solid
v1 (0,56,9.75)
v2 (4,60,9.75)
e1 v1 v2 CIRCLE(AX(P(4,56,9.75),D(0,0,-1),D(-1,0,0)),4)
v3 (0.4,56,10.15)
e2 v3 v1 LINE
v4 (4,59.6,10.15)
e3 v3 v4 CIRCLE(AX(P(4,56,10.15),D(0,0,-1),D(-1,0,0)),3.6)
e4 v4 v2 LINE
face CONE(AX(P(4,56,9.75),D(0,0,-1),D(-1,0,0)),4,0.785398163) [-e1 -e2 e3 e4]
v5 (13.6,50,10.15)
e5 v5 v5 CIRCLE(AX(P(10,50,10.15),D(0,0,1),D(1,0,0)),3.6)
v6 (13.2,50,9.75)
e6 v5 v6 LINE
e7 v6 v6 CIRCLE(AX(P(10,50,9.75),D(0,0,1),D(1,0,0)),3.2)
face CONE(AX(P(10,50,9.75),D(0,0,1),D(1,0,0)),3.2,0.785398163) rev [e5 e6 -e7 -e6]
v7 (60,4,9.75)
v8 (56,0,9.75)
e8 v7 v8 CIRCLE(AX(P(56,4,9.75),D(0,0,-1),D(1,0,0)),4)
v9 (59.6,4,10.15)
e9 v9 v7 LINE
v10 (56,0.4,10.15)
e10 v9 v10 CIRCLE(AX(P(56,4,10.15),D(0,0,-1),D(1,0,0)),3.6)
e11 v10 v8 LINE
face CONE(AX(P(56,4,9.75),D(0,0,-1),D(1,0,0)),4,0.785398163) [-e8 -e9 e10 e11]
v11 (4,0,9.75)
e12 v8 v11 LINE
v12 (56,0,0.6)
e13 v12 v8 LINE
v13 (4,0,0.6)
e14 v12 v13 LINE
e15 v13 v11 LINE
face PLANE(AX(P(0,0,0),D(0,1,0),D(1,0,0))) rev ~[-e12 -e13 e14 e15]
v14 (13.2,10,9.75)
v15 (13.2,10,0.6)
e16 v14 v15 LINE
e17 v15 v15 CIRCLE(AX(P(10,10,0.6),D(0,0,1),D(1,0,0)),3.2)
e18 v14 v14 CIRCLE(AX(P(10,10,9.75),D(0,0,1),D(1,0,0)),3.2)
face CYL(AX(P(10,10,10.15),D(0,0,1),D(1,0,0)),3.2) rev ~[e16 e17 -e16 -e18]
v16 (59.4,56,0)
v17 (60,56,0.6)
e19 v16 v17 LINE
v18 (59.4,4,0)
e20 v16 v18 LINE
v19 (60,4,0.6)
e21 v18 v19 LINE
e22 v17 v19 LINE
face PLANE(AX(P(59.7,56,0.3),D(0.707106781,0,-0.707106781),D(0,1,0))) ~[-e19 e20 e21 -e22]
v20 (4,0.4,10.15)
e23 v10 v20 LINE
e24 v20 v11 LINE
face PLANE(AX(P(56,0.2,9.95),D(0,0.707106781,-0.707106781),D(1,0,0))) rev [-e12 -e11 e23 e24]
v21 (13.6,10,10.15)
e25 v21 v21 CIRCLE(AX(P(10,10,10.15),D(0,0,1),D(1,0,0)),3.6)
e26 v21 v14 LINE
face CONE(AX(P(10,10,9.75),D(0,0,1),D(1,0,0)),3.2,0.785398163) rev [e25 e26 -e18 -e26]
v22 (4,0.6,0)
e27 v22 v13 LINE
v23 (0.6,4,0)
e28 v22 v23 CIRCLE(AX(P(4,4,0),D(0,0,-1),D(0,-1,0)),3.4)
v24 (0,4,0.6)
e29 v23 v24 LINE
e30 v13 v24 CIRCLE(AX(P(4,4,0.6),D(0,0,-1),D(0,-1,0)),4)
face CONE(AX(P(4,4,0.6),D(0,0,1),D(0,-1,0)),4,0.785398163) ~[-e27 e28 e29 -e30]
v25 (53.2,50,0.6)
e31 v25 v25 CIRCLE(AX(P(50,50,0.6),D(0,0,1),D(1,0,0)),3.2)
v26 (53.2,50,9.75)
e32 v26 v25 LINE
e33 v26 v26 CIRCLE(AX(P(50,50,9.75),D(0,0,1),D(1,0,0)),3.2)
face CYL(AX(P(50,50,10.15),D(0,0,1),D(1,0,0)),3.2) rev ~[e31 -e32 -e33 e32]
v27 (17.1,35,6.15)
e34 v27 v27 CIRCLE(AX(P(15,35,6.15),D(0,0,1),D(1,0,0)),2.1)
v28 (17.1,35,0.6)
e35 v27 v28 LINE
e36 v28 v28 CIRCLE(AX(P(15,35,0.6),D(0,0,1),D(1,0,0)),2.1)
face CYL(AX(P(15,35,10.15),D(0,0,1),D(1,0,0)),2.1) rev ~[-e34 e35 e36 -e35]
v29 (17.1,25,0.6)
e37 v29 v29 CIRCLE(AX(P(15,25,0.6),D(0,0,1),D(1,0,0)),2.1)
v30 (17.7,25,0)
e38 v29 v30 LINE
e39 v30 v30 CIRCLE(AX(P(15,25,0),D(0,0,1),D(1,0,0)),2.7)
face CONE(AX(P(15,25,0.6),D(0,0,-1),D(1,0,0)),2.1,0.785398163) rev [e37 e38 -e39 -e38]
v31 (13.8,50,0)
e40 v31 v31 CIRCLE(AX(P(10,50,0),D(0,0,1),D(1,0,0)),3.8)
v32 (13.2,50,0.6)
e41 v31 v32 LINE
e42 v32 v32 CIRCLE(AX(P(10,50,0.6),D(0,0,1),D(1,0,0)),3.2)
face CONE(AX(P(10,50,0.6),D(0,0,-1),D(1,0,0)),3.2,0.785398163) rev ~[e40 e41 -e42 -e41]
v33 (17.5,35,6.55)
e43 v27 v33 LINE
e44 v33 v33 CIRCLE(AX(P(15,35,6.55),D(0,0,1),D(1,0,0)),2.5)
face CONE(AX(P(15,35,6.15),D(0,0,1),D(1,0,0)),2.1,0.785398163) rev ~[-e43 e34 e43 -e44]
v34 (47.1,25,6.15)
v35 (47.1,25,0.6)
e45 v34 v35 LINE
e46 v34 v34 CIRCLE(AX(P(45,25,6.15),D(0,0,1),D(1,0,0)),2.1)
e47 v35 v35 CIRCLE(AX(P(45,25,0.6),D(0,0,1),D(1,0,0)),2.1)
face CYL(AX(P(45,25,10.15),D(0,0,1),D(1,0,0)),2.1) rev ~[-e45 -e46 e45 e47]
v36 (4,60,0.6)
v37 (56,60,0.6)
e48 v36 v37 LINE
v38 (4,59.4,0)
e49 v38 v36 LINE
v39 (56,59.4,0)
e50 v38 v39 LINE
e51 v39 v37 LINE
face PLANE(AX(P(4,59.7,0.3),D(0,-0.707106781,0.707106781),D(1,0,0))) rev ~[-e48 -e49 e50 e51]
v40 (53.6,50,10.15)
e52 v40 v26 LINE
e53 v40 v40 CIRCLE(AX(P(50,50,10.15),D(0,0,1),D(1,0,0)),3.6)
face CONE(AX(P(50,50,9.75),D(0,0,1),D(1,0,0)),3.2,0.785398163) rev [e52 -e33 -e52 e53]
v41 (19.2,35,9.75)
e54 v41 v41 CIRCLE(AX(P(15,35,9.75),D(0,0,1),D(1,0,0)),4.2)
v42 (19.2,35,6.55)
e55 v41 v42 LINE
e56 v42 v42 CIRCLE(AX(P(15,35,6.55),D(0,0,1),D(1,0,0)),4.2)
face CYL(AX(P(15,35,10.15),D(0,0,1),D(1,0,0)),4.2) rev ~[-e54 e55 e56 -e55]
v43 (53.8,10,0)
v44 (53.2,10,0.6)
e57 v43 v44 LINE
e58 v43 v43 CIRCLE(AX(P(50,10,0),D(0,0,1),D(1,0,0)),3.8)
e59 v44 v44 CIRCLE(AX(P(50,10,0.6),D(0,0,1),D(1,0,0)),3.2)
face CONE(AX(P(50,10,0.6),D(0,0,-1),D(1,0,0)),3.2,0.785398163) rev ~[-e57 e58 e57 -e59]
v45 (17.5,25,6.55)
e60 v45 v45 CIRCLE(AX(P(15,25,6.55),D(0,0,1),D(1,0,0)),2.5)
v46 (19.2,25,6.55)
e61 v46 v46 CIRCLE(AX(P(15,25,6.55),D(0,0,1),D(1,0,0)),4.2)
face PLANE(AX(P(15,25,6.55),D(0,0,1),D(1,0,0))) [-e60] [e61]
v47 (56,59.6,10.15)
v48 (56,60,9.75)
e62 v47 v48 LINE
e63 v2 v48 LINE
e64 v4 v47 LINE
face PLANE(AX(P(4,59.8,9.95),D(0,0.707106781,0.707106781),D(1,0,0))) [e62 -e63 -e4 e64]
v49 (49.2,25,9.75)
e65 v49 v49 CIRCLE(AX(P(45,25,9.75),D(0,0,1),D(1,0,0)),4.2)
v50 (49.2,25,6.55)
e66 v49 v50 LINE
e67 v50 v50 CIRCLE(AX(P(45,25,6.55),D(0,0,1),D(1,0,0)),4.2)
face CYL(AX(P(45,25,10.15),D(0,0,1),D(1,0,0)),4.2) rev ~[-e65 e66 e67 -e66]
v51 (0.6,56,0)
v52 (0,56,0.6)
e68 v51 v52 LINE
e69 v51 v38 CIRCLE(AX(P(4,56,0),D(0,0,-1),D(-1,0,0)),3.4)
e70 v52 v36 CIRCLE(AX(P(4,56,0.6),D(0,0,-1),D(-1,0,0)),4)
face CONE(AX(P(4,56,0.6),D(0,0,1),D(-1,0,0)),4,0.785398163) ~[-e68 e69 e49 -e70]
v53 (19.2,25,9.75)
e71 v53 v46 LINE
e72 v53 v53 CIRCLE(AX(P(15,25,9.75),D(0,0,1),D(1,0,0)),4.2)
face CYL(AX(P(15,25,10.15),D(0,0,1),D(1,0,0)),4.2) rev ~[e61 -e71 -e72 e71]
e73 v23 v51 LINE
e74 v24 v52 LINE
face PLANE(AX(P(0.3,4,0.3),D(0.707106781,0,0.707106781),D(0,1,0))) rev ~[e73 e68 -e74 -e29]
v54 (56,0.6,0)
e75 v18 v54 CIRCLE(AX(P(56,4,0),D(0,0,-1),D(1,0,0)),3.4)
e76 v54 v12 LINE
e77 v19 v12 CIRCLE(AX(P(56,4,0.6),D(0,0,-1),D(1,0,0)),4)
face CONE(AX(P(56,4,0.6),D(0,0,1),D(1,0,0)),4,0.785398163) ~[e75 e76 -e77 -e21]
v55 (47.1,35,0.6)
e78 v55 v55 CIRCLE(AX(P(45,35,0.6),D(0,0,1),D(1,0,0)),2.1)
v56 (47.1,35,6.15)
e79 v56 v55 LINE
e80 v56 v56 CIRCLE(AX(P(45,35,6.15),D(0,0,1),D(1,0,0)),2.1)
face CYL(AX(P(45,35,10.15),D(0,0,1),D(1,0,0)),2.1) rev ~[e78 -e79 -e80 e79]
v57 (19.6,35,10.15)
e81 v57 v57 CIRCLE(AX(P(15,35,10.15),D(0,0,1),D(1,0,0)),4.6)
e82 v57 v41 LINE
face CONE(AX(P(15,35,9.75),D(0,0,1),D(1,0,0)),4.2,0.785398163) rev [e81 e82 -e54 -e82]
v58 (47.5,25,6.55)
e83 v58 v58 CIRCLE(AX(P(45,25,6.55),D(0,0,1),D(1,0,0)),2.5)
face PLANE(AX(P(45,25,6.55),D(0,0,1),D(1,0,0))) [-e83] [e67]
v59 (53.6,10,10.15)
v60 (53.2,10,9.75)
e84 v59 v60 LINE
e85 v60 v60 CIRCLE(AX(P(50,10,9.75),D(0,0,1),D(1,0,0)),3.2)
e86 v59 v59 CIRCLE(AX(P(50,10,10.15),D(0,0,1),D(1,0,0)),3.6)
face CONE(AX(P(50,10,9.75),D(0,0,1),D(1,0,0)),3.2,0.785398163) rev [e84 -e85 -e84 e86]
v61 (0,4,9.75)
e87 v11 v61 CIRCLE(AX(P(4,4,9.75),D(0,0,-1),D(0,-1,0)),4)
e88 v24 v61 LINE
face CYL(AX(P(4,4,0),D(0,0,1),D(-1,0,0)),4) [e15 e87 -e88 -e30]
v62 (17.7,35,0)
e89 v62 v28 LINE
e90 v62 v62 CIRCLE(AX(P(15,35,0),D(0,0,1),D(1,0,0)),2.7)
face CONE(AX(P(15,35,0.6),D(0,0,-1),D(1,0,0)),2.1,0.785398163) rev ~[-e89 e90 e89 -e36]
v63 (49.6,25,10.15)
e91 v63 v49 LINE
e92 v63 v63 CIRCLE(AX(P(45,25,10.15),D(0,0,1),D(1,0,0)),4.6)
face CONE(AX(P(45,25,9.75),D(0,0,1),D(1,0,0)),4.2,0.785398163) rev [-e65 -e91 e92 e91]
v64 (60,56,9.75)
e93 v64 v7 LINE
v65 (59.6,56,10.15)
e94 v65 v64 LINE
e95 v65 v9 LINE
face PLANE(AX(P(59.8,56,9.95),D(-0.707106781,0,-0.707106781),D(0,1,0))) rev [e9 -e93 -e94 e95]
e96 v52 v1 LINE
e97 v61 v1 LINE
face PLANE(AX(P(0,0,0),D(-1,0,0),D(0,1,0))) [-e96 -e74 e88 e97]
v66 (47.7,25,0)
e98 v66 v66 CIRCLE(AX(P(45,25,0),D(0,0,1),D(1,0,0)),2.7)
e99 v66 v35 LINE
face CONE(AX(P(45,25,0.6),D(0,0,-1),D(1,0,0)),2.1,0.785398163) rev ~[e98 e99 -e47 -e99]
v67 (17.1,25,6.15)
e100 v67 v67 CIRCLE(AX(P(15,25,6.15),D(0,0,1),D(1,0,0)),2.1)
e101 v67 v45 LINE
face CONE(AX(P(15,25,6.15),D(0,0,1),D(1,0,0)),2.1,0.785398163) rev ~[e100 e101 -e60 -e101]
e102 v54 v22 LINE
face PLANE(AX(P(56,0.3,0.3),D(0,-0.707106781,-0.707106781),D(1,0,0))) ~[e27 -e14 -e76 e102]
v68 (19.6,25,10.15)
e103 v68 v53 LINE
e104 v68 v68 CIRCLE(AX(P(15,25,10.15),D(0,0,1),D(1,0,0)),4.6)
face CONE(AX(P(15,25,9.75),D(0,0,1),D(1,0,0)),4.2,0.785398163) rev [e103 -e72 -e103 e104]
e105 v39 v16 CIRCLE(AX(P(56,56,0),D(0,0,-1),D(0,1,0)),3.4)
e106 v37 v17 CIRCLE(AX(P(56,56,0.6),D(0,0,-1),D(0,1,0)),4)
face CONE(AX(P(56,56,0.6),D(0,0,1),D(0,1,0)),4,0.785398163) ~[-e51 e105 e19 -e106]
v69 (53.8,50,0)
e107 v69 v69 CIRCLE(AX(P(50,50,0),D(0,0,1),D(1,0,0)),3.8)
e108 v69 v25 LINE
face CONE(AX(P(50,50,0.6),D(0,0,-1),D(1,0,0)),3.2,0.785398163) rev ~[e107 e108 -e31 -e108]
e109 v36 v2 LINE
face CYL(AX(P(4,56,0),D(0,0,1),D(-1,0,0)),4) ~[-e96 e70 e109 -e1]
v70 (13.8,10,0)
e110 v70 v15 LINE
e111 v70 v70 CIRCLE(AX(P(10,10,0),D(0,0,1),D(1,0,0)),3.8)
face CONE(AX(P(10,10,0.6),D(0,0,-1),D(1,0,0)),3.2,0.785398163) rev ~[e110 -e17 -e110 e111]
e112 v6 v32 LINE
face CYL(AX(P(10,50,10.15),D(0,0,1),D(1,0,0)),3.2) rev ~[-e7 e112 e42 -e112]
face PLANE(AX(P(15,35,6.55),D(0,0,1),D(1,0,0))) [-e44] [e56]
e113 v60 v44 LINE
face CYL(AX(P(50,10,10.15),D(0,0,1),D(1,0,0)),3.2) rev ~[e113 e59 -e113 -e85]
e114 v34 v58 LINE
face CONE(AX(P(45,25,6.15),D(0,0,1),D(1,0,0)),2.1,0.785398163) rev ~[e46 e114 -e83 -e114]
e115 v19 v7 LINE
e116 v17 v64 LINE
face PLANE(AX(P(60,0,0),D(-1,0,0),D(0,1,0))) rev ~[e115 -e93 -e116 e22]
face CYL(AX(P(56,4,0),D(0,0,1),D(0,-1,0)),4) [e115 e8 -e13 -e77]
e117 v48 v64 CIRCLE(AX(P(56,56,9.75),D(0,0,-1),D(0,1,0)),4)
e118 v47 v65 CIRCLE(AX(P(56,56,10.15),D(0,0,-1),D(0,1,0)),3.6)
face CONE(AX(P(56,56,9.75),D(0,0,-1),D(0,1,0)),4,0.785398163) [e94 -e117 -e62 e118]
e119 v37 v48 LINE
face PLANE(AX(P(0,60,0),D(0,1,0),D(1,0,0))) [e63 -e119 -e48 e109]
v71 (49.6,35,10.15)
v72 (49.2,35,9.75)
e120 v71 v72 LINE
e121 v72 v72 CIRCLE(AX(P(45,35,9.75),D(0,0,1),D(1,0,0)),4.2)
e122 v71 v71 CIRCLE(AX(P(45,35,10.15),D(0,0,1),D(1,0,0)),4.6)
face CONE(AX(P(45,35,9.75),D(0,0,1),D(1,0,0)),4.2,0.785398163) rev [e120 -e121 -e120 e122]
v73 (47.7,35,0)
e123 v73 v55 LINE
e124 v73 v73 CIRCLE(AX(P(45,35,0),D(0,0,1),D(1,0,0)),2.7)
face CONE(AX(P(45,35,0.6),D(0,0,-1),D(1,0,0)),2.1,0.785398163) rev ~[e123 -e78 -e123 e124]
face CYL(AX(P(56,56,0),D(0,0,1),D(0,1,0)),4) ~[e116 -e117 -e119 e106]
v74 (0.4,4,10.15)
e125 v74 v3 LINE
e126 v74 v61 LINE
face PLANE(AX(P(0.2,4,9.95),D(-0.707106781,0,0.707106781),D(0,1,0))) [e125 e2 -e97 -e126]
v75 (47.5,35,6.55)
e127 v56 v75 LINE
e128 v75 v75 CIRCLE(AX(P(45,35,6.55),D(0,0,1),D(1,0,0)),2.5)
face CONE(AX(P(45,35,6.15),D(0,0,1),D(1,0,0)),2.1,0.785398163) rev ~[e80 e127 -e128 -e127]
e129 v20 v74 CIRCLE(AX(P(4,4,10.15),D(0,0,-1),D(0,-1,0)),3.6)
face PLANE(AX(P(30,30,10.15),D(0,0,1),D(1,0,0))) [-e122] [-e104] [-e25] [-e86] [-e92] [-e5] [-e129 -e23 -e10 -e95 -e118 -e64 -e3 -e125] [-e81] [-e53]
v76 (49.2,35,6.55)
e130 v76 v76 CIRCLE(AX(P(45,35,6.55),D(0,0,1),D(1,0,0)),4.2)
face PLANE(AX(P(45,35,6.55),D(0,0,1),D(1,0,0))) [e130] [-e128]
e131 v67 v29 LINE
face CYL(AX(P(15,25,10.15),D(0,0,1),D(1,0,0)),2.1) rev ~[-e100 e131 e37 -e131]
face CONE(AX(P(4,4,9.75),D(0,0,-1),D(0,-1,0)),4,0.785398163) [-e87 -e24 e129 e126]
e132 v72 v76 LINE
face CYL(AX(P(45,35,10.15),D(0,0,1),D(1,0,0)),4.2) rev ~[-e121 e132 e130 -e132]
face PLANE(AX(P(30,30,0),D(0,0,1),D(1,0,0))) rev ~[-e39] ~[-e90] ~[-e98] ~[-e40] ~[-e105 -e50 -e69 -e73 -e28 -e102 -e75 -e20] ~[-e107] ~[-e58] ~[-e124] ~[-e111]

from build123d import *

# Parameters (mm, degrees)
SKETCH_W        = 60
SKETCH_H        = 60
PAD_DEPTH       = 10.15
SKETCH001_R     = 2.1
SKETCH001_R_2   = 3.2
POCKET_DEPTH    = 12
SKETCH002_R     = 4.2
POCKET001_DEPTH = 3.6
FILLET_R        = 4
CHAMFER_SIZE    = 0.4
CHAMFER001_SIZE = 0.4
CHAMFER002_SIZE = 0.6


with BuildPart() as part:
    # Sketch → Pad (new body)
    with BuildSketch(Plane.XY):
        with Locations((30, 30)):
            Rectangle(SKETCH_W, SKETCH_H)
    extrude(amount=PAD_DEPTH)

    # Sketch001 (on Face6 of Pad) → Pocket (cut)
    with BuildSketch(Plane.XY.offset(10.15)):
        with Locations((15, 35)):
            Circle(SKETCH001_R)
        with Locations((45, 35)):
            Circle(SKETCH001_R)
        with Locations((15, 25)):
            Circle(SKETCH001_R)
        with Locations((45, 25)):
            Circle(SKETCH001_R)
        with Locations((10, 50)):
            Circle(SKETCH001_R_2)
        with Locations((50, 50)):
            Circle(SKETCH001_R_2)
        with Locations((10, 10)):
            Circle(SKETCH001_R_2)
        with Locations((50, 10)):
            Circle(SKETCH001_R_2)
    extrude(amount=-POCKET_DEPTH, mode=Mode.SUBTRACT)

    # Sketch002 (on Face5 of Pocket) → Pocket001 (cut)
    with BuildSketch(Plane.XY.offset(10.15)):
        with Locations((15, 35)):
            Circle(SKETCH002_R)
        with Locations((45, 35)):
            Circle(SKETCH002_R)
        with Locations((45, 25)):
            Circle(SKETCH002_R)
        with Locations((15, 25)):
            Circle(SKETCH002_R)
    extrude(amount=-POCKET001_DEPTH, mode=Mode.SUBTRACT)

    # Fillet
    fillet_edges = [part.edges().sort_by_distance(p)[0] for p in [
        (60, 0, 5.075),
        (0, 0, 5.075),
        (0, 60, 5.075),
        (60, 60, 5.075),
    ]]
    fillet(fillet_edges, radius=FILLET_R)

    # Chamfer
    chamfer_edges = [part.edges().sort_by_distance(p)[0] for p in [
        (30, 60, 10.15),
        (1.171573, 58.828427, 10.15),
        (58.828427, 58.828427, 10.15),
        (0, 30, 10.15),
        (60, 30, 10.15),
        (1.171573, 1.171573, 10.15),
        (58.828427, 1.171573, 10.15),
        (30, 0, 10.15),
        (40.8, 35, 10.15),
        (46.8, 50, 10.15),
        (6.8, 50, 10.15),
        (10.8, 35, 10.15),
        (10.8, 25, 10.15),
        (40.8, 25, 10.15),
        (46.8, 10, 10.15),
        (6.8, 10, 10.15),
    ]]
    chamfer(chamfer_edges, length=CHAMFER_SIZE)

    # Chamfer001
    chamfer001_edges = [part.edges().sort_by_distance(p)[0] for p in [
        (42.9, 35, 6.55),
        (42.9, 25, 6.55),
        (12.9, 25, 6.55),
        (12.9, 35, 6.55),
    ]]
    chamfer(chamfer001_edges, length=CHAMFER001_SIZE)

    # Chamfer002
    chamfer002_edges = [part.edges().sort_by_distance(p)[0] for p in [
        (30, 60, 0),
        (1.171573, 58.828427, 0),
        (58.828427, 58.828427, 0),
        (0, 30, 0),
        (60, 30, 0),
        (1.171573, 1.171573, 0),
        (58.828427, 1.171573, 0),
        (30, 0, 0),
        (42.9, 25, 0),
        (42.9, 35, 0),
        (46.8, 50, 0),
        (6.8, 50, 0),
        (12.9, 25, 0),
        (12.9, 35, 0),
        (46.8, 10, 0),
        (6.8, 10, 0),
    ]]
    chamfer(chamfer002_edges, length=CHAMFER002_SIZE)


solid = part.part
